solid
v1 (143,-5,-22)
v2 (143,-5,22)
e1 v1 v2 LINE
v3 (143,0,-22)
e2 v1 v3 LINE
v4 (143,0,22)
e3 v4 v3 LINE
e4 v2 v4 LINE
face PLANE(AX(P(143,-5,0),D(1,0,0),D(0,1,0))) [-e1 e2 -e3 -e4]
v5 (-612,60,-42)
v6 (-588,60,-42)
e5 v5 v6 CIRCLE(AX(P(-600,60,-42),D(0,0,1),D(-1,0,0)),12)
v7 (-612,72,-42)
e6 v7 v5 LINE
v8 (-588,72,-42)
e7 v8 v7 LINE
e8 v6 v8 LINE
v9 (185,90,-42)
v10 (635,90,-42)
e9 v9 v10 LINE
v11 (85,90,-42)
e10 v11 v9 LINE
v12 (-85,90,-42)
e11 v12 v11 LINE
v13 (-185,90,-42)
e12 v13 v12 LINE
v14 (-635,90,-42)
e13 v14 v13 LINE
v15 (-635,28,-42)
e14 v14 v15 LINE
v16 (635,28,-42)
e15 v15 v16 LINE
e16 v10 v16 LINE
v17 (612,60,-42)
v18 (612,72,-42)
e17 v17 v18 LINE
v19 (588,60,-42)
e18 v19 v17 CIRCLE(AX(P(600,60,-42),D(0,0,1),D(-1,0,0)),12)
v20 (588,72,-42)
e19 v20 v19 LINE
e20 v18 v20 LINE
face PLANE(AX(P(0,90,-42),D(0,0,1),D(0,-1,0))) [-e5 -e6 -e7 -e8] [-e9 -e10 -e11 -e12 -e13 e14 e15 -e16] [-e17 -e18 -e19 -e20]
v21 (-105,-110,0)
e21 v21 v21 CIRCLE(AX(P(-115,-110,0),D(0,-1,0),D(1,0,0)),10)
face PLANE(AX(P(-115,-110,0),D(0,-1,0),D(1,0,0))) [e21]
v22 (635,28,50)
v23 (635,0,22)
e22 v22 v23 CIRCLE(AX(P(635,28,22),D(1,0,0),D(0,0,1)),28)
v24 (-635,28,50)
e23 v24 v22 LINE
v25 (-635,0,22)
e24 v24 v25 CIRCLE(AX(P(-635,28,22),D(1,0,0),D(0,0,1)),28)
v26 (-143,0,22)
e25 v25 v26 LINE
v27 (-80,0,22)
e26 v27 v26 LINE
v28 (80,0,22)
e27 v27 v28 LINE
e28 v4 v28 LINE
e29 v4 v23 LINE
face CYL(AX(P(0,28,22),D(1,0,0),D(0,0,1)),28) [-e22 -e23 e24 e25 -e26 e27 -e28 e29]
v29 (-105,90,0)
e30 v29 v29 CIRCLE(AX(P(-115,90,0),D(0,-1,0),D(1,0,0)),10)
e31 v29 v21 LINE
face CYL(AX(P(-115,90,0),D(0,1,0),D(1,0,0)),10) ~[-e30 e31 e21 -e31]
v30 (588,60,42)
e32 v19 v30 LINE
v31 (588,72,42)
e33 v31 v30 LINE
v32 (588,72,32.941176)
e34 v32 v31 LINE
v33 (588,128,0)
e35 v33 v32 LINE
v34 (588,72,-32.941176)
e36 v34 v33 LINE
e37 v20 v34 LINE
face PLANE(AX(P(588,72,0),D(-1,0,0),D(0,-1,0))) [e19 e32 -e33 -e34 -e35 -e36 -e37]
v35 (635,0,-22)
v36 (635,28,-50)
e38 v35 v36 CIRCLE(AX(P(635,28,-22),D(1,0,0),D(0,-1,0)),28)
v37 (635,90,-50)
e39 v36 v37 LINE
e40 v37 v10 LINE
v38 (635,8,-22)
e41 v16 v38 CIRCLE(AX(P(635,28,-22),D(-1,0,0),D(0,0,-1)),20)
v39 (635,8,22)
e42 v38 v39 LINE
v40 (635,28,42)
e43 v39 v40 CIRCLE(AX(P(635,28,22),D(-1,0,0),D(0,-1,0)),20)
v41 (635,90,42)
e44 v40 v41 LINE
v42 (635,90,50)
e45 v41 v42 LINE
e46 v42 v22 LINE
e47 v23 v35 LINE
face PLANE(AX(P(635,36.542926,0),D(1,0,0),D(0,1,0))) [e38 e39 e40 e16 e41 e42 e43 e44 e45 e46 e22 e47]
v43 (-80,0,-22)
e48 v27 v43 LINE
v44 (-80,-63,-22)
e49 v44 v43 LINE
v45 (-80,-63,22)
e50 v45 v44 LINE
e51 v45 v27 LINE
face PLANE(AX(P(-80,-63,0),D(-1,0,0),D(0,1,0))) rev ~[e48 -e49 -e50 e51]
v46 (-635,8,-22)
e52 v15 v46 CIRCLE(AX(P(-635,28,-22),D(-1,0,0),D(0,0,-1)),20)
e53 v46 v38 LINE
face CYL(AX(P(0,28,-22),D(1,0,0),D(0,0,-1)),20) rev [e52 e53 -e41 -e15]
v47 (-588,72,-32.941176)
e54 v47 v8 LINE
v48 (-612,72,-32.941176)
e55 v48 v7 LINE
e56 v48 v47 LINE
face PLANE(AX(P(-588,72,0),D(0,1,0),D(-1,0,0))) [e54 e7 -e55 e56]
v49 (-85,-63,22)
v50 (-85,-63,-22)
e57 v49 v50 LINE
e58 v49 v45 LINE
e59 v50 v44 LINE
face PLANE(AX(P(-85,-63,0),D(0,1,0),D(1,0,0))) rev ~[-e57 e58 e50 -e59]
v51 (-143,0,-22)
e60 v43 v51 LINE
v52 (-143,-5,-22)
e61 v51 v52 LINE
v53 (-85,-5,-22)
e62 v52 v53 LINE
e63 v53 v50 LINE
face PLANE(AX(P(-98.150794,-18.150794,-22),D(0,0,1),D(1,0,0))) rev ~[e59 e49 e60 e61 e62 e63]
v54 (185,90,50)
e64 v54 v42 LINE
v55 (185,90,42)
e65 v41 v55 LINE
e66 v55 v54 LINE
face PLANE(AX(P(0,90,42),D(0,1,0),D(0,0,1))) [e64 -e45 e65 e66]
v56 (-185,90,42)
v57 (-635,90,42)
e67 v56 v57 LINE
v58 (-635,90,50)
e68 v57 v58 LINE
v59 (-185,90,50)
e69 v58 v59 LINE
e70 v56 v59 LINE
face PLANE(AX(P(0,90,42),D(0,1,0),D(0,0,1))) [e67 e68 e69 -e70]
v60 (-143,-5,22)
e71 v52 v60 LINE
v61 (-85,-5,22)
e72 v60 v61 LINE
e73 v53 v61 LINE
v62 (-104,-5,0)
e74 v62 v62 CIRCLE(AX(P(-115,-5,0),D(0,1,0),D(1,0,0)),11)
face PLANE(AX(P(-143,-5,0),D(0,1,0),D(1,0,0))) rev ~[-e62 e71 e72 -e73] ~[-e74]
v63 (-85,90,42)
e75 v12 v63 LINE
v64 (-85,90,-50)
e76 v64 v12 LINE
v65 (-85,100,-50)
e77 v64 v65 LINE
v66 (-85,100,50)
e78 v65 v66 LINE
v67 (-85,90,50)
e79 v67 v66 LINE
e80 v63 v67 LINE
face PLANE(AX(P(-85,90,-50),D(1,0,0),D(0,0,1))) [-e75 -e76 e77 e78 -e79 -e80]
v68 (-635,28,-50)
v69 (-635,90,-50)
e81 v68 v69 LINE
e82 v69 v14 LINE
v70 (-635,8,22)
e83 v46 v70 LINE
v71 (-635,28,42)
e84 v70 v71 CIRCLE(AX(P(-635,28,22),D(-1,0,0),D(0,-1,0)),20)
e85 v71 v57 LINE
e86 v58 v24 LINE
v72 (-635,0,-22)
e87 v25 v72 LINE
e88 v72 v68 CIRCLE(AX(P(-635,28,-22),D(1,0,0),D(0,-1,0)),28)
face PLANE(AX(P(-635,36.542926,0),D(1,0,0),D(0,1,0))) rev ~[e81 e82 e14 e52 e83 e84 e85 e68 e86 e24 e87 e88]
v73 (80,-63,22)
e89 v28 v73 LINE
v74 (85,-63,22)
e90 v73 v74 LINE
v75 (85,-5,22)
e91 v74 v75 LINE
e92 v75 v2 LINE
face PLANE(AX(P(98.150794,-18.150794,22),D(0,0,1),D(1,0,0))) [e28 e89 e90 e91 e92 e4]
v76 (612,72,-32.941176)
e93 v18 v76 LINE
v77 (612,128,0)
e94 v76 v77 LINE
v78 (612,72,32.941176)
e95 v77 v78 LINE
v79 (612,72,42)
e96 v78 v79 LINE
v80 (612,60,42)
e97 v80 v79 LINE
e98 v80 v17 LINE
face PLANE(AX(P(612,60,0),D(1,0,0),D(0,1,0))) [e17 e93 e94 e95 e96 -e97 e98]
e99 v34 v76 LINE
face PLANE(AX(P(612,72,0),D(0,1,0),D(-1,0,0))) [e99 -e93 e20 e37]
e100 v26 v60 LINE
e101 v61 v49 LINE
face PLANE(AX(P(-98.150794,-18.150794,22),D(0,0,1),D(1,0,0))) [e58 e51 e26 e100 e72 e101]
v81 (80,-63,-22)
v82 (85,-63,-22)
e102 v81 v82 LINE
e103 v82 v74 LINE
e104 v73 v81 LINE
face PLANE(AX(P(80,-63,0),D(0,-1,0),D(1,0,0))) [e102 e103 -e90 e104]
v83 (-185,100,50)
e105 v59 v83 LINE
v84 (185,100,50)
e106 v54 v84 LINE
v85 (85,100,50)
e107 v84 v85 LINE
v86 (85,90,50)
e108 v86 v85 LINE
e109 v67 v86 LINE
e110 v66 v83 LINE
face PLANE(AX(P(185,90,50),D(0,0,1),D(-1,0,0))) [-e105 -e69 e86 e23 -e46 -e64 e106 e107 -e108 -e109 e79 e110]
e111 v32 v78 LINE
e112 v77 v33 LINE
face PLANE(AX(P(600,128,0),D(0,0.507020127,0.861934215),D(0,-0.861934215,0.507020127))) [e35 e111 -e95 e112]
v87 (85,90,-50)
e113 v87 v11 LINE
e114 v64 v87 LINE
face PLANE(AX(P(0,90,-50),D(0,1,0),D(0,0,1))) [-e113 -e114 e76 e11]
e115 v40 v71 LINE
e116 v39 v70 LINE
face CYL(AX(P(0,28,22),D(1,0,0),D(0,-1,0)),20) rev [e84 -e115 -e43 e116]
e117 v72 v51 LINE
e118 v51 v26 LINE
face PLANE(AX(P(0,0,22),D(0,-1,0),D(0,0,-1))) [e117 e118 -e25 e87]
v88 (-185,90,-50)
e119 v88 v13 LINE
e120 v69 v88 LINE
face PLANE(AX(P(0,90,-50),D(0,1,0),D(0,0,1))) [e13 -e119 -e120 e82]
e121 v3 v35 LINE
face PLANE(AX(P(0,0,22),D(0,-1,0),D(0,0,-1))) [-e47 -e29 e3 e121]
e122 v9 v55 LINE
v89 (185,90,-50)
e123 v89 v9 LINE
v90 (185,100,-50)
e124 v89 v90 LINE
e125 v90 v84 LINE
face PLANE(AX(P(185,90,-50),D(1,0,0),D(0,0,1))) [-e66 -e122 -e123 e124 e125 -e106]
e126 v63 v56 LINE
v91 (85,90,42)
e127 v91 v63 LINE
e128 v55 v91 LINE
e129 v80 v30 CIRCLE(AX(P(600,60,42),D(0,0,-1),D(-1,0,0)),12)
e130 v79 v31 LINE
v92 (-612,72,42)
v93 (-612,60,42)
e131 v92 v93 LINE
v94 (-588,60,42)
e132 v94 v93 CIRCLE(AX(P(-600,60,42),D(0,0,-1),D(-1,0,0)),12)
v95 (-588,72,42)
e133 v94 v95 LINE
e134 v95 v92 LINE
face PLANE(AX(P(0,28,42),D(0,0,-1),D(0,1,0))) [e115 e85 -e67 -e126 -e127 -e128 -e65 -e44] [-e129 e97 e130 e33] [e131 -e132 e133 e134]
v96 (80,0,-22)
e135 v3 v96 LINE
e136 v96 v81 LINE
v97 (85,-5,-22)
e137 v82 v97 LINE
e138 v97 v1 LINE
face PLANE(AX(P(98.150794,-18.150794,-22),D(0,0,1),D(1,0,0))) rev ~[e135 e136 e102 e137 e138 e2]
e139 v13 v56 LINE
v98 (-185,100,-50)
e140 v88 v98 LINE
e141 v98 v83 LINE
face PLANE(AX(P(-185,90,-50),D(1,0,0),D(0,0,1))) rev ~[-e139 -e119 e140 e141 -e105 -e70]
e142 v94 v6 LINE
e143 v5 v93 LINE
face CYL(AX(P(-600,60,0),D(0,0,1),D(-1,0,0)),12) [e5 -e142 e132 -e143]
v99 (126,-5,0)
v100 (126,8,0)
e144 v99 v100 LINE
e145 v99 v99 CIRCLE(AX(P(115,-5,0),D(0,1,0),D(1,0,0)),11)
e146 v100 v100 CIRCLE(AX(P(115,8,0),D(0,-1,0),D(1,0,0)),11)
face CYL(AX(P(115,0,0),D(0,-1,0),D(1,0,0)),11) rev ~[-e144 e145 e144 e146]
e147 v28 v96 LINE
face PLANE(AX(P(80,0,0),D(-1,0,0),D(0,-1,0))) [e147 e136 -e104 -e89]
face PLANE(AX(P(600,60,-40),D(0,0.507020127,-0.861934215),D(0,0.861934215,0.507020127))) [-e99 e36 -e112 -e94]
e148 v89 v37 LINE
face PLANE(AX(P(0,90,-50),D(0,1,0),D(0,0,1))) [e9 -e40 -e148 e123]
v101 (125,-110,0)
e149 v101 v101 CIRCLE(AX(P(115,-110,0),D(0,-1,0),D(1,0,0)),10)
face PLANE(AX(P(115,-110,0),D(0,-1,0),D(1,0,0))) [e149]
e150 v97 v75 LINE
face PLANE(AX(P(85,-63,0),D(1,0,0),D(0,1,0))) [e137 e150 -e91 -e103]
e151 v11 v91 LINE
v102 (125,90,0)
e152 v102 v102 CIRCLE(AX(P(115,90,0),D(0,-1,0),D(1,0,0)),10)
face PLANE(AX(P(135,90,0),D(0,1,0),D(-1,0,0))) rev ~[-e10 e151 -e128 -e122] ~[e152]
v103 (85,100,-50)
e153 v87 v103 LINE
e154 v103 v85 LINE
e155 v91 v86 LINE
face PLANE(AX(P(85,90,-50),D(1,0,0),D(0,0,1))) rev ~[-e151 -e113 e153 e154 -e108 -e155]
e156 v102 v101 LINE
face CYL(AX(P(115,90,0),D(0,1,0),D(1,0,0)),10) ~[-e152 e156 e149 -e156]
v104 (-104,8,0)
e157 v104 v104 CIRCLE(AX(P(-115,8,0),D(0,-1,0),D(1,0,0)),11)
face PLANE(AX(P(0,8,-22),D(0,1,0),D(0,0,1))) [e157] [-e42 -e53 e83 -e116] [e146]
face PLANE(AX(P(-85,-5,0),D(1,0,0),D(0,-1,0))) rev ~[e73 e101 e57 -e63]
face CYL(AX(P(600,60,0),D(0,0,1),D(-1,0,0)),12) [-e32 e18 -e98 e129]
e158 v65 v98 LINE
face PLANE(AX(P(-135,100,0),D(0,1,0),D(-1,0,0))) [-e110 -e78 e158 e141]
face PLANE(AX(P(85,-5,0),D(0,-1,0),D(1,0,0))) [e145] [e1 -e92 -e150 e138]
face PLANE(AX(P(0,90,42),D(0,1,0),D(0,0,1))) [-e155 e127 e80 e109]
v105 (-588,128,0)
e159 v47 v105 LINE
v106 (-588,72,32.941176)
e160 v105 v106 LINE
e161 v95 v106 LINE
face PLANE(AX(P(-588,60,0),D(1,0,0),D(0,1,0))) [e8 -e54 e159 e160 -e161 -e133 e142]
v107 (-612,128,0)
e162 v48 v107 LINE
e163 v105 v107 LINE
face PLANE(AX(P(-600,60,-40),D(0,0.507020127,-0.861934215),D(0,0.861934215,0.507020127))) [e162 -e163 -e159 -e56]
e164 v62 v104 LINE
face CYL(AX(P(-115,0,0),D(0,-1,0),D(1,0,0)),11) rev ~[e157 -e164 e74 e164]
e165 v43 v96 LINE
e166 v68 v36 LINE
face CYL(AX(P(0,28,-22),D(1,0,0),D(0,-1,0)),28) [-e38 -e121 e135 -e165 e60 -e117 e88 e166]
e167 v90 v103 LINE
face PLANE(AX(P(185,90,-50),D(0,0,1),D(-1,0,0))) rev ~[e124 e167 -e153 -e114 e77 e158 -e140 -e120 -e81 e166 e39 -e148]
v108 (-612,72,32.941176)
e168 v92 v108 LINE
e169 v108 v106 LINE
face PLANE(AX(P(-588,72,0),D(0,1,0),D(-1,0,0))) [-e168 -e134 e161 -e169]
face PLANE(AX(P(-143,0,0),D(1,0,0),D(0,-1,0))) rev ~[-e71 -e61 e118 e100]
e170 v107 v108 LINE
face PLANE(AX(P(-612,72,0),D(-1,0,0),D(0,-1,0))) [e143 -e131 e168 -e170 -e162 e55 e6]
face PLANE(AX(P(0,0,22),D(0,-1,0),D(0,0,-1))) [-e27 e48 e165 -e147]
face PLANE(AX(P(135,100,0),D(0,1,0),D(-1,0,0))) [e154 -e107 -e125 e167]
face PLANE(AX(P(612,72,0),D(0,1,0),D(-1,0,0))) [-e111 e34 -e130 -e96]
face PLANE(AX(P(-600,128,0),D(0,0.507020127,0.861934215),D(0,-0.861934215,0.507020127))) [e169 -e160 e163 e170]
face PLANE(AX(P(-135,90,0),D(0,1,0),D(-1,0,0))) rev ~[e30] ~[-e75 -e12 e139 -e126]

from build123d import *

# Parameters (mm, degrees)
F1_DEPTH       = 635
F3_DEPTH       = 22
F4_W           = 100
F4_H           = 100
F5_DEPTH       = 10
F6_R           = 11
F7_DEPTH       = 8
F7_DEPTH_BACK  = 63.001
F9_DEPTH       = 50
F9_DEPTH_BACK  = 50
F10_R          = 10
F11_DEPTH      = 200
F14_DEPTH      = 12
F14_DEPTH_BACK = 12
F17_DEPTH      = 12
F17_DEPTH_BACK = 12


with BuildPart() as f1:
    # F0 (on Right) → F1 (new body, symmetric)
    with BuildSketch(Plane.YZ):
        with BuildLine():
            Line((90, 42), (90, 50))
            Line((90, 50), (28, 50))
            ThreePointArc((28, 50), (8.2010101268, 41.7989898732), (0, 22))
            Line((0, 22), (0, -22))
            ThreePointArc((0, -22), (8.2010101268, -41.7989898732), (28, -50))
            Line((28, -50), (90, -50))
            Line((90, -50), (90, -42))
            Line((90, -42), (28, -42))
            ThreePointArc((28, -42), (13.8578643763, -36.1421356237), (8, -22))
            Line((8, -22), (8, 22))
            ThreePointArc((8, 22), (13.8578643763, 36.1421356237), (28, 42))
            Line((28, 42), (90, 42))
        make_face()
    extrude(amount=F1_DEPTH, both=True)

    # F2 (on Top) → F3 (join, symmetric)
    with BuildSketch(Plane.XY):
        Polygon((-80, 0), (-143, 0), (-143, -5), (-85, -5), (-85, -63), (-80, -63), align=None)
        Polygon((80, -63), (85, -63), (85, -5), (143, -5), (143, 0), (80, 0), align=None)
    extrude(amount=F3_DEPTH, both=True)

    # F4 (on face) → F5 (join)
    with BuildSketch(Plane(origin=(0, 90, 0), x_dir=(-1, 0, 0), z_dir=(0, 1, 0))):
        with Locations((-135, 0)):
            Rectangle(F4_W, F4_H)
        with Locations((135, 0)):
            Rectangle(F4_W, F4_H)
    extrude(amount=F5_DEPTH)

    # F6 (on Front) → F7 (cut, two sides)
    with BuildSketch(Plane.XZ) as f7_sk:
        with Locations((-115, 0)):
            Circle(F6_R)
        with Locations((115, 0)):
            Circle(F6_R)
    extrude(amount=-F7_DEPTH, mode=Mode.SUBTRACT)
    extrude(f7_sk.sketch, amount=F7_DEPTH_BACK, mode=Mode.SUBTRACT)

    # F8 (on Top) → F9 (join, two sides)
    with BuildSketch(Plane.XY) as f9_sk:
        with BuildLine():
            Line((-612, 72), (-612, 60))
            ThreePointArc((-612, 60), (-600, 48), (-588, 60))
            Line((-588, 60), (-588, 72))
            Line((-588, 72), (-612, 72))
        make_face()
        with BuildLine():
            ThreePointArc((588, 60), (600, 48), (612, 60))
            Line((612, 60), (612, 72))
            Line((612, 72), (588, 72))
            Line((588, 72), (588, 60))
        make_face()
    extrude(amount=F9_DEPTH)
    extrude(f9_sk.sketch, amount=-F9_DEPTH_BACK)

    # F10 (on face) → F11 (join)
    with BuildSketch(Plane.XZ.offset(-90)):
        with Locations((-115, 0)):
            Circle(F10_R)
        with Locations((115, 0)):
            Circle(F10_R)
    extrude(amount=F11_DEPTH)

    # F13 (on offset) → F14 (join, two sides)
    with BuildSketch(Plane.YZ.offset(600)) as f14_sk:
        Polygon((60, 40), (60, -40), (128, 0), align=None)
    extrude(amount=F14_DEPTH)
    extrude(f14_sk.sketch, amount=-F14_DEPTH_BACK)

    # F16 (on offset) → F17 (join, two sides)
    with BuildSketch(Plane.YZ.offset(-600)) as f17_sk:
        Polygon((60, -40), (128, 0), (60, 40), align=None)
    extrude(amount=F17_DEPTH)
    extrude(f17_sk.sketch, amount=-F17_DEPTH_BACK)


solid = f1.part
